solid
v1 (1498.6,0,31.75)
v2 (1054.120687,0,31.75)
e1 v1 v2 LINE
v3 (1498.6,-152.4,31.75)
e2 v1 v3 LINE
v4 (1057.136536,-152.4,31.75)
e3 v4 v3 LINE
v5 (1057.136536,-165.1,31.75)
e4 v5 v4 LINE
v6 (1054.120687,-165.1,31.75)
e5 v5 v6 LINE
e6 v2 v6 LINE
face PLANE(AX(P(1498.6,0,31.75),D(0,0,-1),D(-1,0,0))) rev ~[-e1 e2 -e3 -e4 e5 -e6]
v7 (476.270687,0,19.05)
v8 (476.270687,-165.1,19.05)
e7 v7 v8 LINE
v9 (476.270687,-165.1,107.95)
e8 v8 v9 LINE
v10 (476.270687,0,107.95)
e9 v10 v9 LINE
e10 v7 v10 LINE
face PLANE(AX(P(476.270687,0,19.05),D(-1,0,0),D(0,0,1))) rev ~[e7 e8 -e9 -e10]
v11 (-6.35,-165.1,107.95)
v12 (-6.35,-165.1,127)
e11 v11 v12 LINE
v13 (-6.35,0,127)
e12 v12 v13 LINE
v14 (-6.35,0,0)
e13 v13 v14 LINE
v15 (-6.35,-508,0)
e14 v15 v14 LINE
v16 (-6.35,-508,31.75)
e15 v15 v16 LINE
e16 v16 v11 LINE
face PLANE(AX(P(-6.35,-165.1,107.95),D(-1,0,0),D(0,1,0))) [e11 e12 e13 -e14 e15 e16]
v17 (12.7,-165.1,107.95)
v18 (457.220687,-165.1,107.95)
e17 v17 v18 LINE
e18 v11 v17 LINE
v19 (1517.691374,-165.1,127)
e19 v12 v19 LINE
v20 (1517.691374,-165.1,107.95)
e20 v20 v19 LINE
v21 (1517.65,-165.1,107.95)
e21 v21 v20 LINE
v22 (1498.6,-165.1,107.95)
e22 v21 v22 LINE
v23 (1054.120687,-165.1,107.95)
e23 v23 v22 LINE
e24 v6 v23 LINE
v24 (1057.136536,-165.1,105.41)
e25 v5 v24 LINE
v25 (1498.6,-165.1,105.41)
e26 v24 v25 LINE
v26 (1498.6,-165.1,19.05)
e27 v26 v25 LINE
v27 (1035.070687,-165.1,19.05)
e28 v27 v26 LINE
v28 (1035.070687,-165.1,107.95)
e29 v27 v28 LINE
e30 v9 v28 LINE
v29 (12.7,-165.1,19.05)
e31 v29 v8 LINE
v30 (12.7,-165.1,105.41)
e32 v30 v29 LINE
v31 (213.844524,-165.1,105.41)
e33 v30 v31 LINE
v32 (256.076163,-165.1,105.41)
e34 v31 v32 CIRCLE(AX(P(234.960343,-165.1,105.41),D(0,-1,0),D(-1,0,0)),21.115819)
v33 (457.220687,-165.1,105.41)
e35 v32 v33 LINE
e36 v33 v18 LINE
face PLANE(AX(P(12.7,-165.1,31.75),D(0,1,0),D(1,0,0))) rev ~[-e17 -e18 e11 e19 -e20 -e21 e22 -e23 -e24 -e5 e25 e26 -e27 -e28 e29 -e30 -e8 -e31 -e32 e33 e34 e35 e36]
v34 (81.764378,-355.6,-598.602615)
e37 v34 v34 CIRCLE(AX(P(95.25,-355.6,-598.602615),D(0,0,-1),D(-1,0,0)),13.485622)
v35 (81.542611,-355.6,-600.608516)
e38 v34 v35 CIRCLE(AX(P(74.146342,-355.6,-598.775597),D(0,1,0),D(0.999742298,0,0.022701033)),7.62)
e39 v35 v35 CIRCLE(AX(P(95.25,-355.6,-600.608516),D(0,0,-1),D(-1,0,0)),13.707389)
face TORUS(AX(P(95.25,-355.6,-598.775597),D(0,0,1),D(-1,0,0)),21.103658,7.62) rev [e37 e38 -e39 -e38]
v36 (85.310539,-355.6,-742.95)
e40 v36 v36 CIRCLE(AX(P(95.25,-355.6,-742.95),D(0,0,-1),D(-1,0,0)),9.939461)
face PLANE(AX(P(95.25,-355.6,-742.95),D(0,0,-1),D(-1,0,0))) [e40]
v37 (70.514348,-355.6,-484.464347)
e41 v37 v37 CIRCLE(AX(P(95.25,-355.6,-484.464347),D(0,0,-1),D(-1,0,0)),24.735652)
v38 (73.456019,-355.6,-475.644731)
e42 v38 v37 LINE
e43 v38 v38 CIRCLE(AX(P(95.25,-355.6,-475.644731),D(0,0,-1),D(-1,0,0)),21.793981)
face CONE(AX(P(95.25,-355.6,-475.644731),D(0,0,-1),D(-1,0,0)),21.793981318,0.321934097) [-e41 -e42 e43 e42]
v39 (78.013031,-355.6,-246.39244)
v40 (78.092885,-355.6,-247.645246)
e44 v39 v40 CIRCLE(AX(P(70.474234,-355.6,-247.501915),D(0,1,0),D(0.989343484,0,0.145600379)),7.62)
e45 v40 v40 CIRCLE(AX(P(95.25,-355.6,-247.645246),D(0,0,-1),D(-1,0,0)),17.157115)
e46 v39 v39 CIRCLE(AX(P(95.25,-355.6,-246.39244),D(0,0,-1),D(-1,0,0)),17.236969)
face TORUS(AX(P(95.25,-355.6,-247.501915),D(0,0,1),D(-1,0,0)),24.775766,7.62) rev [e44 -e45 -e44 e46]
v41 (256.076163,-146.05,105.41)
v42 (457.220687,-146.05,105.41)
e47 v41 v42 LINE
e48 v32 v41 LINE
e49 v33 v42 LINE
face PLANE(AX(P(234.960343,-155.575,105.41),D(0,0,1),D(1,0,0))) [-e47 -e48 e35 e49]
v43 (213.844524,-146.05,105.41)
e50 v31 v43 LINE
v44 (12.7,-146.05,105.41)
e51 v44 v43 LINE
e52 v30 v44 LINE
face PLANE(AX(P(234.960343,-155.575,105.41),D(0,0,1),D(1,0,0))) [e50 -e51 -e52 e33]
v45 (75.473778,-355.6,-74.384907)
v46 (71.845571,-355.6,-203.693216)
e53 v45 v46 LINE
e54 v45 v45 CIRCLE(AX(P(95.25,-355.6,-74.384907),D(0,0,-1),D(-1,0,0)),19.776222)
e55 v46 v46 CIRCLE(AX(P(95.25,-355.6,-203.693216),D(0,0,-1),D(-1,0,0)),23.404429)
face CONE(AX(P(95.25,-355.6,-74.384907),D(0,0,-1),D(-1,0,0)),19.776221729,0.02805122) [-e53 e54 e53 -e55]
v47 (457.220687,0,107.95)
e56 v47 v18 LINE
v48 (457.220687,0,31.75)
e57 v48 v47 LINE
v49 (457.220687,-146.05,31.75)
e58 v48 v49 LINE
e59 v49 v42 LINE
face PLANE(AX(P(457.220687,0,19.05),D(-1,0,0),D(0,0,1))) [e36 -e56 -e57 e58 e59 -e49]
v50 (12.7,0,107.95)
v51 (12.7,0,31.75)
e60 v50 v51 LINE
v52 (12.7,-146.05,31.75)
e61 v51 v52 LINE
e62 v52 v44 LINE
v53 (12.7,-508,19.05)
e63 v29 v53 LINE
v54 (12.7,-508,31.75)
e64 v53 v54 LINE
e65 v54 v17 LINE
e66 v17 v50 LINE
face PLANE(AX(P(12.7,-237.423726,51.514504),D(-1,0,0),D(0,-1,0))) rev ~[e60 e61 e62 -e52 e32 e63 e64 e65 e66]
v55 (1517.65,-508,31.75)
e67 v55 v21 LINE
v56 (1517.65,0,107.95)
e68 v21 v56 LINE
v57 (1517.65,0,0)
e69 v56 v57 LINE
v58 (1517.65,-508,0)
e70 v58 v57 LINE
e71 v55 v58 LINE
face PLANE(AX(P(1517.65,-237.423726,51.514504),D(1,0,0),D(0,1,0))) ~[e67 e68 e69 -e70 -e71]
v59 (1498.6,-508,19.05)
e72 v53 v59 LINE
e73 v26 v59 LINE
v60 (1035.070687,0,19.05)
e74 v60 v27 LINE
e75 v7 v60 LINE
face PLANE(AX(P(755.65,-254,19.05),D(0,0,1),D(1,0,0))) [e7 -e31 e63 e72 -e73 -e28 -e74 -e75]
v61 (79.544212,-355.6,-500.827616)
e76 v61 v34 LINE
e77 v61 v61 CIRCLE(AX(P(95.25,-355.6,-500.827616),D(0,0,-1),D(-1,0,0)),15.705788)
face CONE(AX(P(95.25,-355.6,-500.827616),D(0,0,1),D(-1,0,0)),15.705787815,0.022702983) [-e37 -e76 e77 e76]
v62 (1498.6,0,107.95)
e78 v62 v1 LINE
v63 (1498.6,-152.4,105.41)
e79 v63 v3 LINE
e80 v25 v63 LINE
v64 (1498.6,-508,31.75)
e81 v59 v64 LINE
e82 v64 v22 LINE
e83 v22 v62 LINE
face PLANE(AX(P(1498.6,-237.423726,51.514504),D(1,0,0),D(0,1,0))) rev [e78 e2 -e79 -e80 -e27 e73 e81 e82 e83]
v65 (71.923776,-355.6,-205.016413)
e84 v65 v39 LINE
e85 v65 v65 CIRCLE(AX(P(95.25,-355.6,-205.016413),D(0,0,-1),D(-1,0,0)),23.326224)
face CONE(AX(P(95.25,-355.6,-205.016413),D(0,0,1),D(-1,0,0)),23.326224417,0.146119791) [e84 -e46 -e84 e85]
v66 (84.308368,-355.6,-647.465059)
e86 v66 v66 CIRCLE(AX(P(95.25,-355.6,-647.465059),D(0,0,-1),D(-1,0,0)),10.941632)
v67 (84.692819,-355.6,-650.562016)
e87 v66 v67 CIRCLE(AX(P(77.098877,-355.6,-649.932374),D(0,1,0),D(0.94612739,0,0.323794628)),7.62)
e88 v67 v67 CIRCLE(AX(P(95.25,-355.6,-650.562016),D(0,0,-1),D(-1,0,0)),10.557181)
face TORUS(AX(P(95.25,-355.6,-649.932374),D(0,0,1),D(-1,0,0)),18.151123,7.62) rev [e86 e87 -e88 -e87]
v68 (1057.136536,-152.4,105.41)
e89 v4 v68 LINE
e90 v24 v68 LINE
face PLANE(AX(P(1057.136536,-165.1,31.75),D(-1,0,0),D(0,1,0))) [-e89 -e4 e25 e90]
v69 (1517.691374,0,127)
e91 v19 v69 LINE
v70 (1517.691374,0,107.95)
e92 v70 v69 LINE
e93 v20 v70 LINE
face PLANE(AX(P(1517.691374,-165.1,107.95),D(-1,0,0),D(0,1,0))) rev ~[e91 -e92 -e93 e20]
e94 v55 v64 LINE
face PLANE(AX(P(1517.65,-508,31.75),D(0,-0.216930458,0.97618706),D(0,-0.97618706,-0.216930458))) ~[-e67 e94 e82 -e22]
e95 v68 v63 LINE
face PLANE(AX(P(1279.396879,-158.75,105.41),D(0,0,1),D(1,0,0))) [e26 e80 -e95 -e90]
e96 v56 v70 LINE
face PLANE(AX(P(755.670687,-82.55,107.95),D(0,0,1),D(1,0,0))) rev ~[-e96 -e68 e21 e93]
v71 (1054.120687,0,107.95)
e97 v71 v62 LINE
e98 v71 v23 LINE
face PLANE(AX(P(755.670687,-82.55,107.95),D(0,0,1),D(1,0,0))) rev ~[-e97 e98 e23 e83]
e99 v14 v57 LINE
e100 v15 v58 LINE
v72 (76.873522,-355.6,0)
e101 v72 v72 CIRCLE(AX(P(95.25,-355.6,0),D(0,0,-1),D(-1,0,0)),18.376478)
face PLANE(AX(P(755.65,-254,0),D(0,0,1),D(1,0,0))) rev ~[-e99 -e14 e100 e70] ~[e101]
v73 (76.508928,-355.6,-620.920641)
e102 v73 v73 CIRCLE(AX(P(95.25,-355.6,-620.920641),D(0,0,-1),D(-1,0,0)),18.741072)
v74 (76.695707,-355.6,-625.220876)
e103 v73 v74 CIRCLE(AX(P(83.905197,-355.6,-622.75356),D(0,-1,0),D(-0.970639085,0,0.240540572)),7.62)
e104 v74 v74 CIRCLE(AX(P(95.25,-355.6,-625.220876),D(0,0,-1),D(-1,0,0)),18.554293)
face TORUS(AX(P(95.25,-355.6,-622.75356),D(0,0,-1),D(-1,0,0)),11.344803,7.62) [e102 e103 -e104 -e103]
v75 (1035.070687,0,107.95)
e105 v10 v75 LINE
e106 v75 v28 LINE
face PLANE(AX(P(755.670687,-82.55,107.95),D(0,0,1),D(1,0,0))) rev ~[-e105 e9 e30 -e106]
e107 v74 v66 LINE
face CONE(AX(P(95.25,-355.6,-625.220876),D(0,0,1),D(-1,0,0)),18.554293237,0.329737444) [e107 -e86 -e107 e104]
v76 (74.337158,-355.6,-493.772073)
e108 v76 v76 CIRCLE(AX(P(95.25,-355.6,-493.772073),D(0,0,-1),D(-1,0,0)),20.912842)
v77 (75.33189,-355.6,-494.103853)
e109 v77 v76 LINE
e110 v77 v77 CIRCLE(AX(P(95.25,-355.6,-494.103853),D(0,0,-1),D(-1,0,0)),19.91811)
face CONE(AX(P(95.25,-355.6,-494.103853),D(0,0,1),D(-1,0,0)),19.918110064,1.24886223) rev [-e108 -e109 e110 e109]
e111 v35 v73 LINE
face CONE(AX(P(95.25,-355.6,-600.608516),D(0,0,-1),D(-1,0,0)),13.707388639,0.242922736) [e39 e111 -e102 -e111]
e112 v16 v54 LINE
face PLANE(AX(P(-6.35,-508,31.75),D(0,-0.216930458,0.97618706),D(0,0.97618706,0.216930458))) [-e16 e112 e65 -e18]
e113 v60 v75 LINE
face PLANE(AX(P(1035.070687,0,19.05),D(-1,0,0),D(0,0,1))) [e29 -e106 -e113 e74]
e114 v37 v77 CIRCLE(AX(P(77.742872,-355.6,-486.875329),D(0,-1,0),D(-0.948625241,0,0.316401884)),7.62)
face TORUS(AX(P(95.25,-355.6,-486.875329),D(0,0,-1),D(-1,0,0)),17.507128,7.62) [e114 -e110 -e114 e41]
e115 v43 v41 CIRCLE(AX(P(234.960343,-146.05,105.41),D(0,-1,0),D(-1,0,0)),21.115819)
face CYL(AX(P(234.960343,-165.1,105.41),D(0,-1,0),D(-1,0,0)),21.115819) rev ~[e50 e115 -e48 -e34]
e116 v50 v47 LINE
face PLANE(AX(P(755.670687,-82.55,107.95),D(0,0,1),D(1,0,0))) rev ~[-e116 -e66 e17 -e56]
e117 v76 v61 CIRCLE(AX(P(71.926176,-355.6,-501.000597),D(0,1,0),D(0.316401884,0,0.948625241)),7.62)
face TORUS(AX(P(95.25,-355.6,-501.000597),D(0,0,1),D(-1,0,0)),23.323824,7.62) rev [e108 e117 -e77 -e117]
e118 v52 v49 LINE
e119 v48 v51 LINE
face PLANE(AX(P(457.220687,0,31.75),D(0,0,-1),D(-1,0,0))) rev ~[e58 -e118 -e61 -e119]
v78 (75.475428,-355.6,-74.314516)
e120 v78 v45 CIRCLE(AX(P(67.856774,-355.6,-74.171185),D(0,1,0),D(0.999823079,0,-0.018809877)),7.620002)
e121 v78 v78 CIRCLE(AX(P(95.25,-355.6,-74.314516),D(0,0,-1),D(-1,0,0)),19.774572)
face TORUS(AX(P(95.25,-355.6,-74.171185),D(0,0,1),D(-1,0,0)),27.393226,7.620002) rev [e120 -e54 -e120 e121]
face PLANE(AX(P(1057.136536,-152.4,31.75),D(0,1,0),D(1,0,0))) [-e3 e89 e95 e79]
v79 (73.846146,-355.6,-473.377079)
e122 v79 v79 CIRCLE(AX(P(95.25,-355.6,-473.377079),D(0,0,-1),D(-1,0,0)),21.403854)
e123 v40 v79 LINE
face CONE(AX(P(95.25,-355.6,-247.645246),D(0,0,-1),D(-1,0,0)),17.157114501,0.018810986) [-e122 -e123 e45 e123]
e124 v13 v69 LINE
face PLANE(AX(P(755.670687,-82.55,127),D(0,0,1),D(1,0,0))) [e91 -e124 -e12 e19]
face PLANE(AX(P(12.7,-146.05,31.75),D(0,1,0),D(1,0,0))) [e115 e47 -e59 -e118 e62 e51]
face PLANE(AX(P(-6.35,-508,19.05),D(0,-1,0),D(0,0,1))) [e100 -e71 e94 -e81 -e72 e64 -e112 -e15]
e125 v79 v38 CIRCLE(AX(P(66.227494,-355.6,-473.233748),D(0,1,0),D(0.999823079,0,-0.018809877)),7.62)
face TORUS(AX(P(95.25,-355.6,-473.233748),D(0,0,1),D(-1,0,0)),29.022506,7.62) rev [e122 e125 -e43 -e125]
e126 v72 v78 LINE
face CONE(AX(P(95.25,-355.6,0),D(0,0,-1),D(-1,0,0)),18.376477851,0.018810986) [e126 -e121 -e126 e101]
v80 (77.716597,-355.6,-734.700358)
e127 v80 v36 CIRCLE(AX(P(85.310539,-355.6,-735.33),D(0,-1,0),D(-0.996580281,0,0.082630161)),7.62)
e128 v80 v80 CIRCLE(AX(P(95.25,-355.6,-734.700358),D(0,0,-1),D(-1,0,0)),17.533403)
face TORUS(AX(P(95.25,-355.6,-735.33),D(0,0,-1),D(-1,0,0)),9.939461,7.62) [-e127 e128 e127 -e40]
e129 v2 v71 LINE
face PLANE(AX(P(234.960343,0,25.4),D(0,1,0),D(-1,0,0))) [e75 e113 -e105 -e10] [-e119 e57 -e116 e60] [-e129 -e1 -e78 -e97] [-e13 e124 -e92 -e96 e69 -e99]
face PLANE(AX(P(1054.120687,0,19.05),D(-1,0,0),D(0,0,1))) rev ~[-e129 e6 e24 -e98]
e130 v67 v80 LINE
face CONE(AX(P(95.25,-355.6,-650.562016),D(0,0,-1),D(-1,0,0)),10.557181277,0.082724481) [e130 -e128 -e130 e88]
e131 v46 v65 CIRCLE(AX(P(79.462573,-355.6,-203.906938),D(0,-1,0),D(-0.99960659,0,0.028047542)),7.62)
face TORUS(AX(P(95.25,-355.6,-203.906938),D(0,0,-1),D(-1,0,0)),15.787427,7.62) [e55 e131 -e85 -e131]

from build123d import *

# Parameters (mm, degrees)
F0_W      = 1524
F0_H      = 508
F1_DEPTH  = 19.05
F3_DEPTH  = 19.05
F6_W      = 1524.0413738251
F6_H      = 165.1
F7_DEPTH  = 19.05
F11_W     = 19.05
F11_H     = 88.9
F12_DEPTH = 165.1
F14_W     = 444.5206869125
F14_H     = 12.7
F14_W_2   = 444.4793130875
F15_DEPTH = 165.1
F16_W     = 444.5206869125
F16_H     = 19.05
F16_H_2   = 12.7
F17_DEPTH = 73.66
F19_DEPTH = 165.101


with BuildPart() as f1:
    # F0 (on Top) → F1 (new body)
    with BuildSketch(Plane.XY):
        with Locations((755.65, -254)):
            Rectangle(F0_W, F0_H)
    extrude(amount=F1_DEPTH)

    # F5: F3 across plane


with BuildPart() as f3:
    # F2 (on face) → F3 (new body)
    with BuildSketch(Plane(origin=(-6.35, 0, 0), x_dir=(0, -1, 0), z_dir=(-1, 0, 0))):
        Polygon((0, 107.95), (0, 19.05), (508, 19.05), (508, 31.75), (165.1, 107.95), align=None)
    extrude(amount=-F3_DEPTH)


with BuildPart() as f1_1:
    add(f1.part)
    add(f3.part.mirror(Plane.YZ.offset(755.65)))


    add(f3.part)  # F7 merges F3
    # F6 (on face) → F7 (join)
    with BuildSketch(Plane.XY.offset(107.95)):
        with Locations((755.6706869125, -82.55)):
            Rectangle(F6_W, F6_H)
    extrude(amount=F7_DEPTH)

    # F9 (on offset) → F10 (revolve)
    with BuildSketch(Plane.XZ.offset(355.6)):
        with BuildLine():
            Line((95.25, -742.95), (95.25, 0))
            Line((95.25, 0), (76.8735221488, 0))
            Line((76.8735221488, 0), (75.4754279121, -74.3145160434))
            ThreePointArc((75.4754279121, -74.3145160434), (75.4746843955, -74.3497134523), (75.4737782713, -74.3849070503))
            Line((75.4737782713, -74.3849070503), (71.845570714, -203.6932161663))
            ThreePointArc((71.845570714, -203.6932161663), (71.8558471051, -204.3565184492), (71.9237755832, -205.016413323))
            Line((71.9237755832, -205.016413323), (78.0130309889, -246.3924399014))
            ThreePointArc((78.0130309889, -246.3924399014), (78.0788011777, -247.0171957344), (78.092885499, -247.6452460513))
            Line((78.092885499, -247.6452460513), (73.8461462053, -473.377079492))
            ThreePointArc((73.8461462053, -473.377079492), (73.7371694799, -474.525715486), (73.4560186818, -475.6447305896))
            Line((73.4560186818, -475.6447305896), (70.5143479582, -484.4643465198))
            ThreePointArc((70.5143479582, -484.4643465198), (70.9267117434, -490.2818454788), (75.3318899356, -494.1038532134))
            Line((75.3318899356, -494.1038532134), (74.3371582298, -493.7720731041))
            ThreePointArc((74.3371582298, -493.7720731041), (78.0572829281, -496.4757851492), (79.5442121851, -500.8276155662))
            Line((79.5442121851, -500.8276155662), (81.7643778471, -598.6026153277))
            ThreePointArc((81.7643778471, -598.6026153277), (81.7201950416, -599.6129400468), (81.542611361, -600.6085163597))
            Line((81.542611361, -600.6085163597), (76.5089276499, -620.9206412985))
            ThreePointArc((76.5089276499, -620.9206412985), (76.2923751458, -623.0842206318), (76.6957067626, -625.2208755234))
            Line((76.6957067626, -625.2208755234), (84.3083676958, -647.4650587095))
            ThreePointArc((84.3083676958, -647.4650587095), (84.6608336472, -648.9936451771), (84.6928187225, -650.5620156024))
            Line((84.6928187225, -650.5620156024), (77.7165972148, -734.7003581734))
            ThreePointArc((77.7165972148, -734.7003581734), (79.7041911824, -740.4907426443), (85.3105389561, -742.95))
            Line((85.3105389561, -742.95), (95.25, -742.95))
        make_face()
    revolve(axis=Axis((95.25, -355.6, -371.475), (0, 0, -1)))

    # F11 (on face) → F12 (join, through all)
    with BuildSketch(Plane(origin=(0, 0, 0), x_dir=(-1, 0, 0), z_dir=(0, 1, 0))):
        with Locations((-466.7456869125, 63.5)):
            Rectangle(F11_W, F11_H)
        with Locations((-1044.5956869125, 63.5)):
            Rectangle(F11_W, F11_H)
    extrude(amount=-F12_DEPTH)

    # F14 (on face) → F15 (join)
    with BuildSketch(Plane(origin=(0, 0, 0), x_dir=(-1, 0, 0), z_dir=(0, 1, 0))):
        with Locations((-234.9603434563, 25.4)):
            Rectangle(F14_W, F14_H)
        with Locations((-1276.3603434563, 25.4)):
            Rectangle(F14_W_2, F14_H)
    extrude(amount=-F15_DEPTH)

    # F16 (on face) → F17 (join)
    with BuildSketch(Plane.XY.offset(31.75)):
        with Locations((234.9603434563, -155.575)):
            Rectangle(F16_W, F16_H)
        with Locations((1279.3968791008, -158.75)):
            Rectangle(F16_W, F16_H_2)
    extrude(amount=F17_DEPTH)

    # F18 (on face) → F19 (cut, through all)
    with BuildSketch(Plane.XZ.offset(165.1)):
        with BuildLine():
            Line((256.0761627351, 105.41), (213.8445241774, 105.41))
            ThreePointArc((213.8445241774, 105.41), (234.9603434563, 84.2941807211), (256.0761627351, 105.41))
        make_face()
    extrude(amount=-F19_DEPTH, mode=Mode.SUBTRACT)


solid = f1_1.part
